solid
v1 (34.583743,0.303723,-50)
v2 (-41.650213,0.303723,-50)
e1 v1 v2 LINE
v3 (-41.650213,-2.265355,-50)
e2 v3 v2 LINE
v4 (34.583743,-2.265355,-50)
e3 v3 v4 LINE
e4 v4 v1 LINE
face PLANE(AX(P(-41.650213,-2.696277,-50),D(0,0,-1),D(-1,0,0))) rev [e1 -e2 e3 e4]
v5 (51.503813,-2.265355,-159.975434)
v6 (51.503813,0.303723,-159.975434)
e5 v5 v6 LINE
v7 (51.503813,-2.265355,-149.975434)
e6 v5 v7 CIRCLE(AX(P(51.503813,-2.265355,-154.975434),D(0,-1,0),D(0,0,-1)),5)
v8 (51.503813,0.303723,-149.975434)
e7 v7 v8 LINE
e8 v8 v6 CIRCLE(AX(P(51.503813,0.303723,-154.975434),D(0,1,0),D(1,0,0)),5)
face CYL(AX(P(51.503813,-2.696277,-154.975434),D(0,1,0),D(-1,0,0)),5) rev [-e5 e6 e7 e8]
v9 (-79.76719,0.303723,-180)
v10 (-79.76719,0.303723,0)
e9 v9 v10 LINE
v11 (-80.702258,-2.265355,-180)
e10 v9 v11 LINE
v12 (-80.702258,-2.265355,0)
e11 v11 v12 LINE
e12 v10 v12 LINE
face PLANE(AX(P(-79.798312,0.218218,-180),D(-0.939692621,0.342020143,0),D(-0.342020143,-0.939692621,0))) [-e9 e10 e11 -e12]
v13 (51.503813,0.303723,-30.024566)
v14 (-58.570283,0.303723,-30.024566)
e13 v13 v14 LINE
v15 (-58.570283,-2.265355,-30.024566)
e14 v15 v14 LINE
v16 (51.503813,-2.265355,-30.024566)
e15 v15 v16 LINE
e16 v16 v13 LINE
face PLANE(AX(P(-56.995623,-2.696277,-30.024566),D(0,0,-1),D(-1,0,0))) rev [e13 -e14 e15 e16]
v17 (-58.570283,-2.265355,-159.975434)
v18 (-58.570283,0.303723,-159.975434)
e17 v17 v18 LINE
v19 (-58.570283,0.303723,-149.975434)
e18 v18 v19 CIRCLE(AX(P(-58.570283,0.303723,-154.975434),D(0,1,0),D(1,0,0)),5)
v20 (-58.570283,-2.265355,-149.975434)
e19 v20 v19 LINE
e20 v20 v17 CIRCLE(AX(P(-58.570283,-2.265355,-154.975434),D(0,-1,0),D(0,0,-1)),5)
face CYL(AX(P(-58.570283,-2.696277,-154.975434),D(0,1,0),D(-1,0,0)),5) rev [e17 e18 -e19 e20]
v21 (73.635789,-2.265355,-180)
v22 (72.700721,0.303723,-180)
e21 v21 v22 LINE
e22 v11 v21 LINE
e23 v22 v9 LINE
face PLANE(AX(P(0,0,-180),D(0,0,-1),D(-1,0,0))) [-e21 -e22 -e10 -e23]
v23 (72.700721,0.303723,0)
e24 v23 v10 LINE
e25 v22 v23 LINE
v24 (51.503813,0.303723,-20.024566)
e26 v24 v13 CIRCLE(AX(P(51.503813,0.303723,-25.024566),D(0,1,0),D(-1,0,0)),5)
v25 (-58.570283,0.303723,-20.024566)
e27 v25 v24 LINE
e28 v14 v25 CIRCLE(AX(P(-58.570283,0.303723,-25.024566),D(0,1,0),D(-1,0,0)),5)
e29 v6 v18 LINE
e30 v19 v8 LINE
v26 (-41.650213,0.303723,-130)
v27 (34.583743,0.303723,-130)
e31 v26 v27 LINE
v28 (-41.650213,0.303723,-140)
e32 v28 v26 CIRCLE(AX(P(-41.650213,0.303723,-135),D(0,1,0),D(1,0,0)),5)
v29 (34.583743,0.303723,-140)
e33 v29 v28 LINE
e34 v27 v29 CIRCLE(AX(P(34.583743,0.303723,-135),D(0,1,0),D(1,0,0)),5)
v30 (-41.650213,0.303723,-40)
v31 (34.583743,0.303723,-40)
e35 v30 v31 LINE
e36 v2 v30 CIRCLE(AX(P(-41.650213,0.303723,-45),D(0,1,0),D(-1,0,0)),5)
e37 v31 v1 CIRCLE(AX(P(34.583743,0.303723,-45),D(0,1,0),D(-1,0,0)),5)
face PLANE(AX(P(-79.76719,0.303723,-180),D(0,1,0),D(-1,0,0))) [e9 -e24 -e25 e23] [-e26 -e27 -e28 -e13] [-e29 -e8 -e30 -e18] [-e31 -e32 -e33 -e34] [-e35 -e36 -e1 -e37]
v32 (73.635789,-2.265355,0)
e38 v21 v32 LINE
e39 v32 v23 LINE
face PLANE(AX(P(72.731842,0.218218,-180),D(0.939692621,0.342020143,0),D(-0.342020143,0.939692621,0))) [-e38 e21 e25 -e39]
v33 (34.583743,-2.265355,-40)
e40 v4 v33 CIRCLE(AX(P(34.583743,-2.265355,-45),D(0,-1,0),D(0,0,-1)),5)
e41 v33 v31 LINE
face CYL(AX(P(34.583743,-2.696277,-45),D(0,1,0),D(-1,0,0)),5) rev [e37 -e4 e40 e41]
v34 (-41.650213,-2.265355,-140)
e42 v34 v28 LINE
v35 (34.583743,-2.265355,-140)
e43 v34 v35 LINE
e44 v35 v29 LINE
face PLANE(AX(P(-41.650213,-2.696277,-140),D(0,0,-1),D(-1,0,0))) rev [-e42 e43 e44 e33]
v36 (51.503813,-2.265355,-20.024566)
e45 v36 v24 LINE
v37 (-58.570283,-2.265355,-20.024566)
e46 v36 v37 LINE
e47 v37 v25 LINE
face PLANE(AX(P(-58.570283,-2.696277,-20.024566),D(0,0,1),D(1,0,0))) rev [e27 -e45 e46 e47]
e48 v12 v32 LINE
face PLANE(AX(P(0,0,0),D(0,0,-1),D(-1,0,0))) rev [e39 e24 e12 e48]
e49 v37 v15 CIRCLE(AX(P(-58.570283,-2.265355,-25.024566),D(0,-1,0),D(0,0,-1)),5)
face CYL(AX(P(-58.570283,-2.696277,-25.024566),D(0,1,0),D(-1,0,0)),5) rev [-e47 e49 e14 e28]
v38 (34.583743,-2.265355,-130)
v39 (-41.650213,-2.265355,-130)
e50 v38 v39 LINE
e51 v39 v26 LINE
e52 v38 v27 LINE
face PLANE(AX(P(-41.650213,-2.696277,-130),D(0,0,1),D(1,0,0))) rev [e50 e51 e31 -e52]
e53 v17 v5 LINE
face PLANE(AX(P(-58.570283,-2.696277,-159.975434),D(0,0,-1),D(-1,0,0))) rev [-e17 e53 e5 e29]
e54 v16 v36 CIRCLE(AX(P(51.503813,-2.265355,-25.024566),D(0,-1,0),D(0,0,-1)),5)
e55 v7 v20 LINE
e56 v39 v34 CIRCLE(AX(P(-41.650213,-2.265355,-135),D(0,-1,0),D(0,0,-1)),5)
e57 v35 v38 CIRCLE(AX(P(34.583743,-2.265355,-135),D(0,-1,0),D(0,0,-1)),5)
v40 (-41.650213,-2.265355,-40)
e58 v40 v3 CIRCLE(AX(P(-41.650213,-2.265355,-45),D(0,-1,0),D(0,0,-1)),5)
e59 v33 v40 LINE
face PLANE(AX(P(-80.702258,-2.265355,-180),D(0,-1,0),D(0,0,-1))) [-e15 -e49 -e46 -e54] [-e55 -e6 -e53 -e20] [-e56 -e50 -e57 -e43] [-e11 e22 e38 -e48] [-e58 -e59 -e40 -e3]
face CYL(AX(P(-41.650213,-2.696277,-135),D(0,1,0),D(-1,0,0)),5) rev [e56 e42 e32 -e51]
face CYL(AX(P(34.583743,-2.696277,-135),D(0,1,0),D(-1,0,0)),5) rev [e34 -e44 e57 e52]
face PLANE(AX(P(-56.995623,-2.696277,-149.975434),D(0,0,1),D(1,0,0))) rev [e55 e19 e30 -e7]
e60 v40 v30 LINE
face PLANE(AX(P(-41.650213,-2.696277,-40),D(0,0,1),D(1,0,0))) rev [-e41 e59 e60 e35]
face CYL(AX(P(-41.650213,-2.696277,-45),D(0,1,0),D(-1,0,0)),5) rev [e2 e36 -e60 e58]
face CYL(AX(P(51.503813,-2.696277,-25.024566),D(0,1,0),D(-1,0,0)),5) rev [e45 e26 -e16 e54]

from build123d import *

# Parameters (mm, degrees)
BOSS_EXTRUDE1_DEPTH = 180
CUT_EXTRUDE1_DEPTH  = 3


with BuildPart() as part:
    # Sketch1 → Boss-Extrude1 (new body)
    with BuildSketch(Plane.XY):
        Polygon((-79.798311646, 0.218218313), (-80.70225823, -2.265354514), (73.635788627, -2.265354514), (72.731842043, 0.218218313), (72.700720755, 0.303723349), (72.541884773, 0.303723349), (-79.767190358, 0.303723349), align=None)
    extrude(amount=-BOSS_EXTRUDE1_DEPTH)

    # Sketch2 → Cut-Extrude1 (cut)
    with BuildSketch(Plane(origin=(0, 0.303723349, 0), x_dir=(1, 0, 0), z_dir=(0, 1, 0))):
        with BuildLine():
            Line((-41.65021258, 50), (34.583742977, 50))
            ThreePointArc((34.583742977, 50), (39.583742977, 45), (34.583742977, 40))
            Line((34.583742977, 40), (-41.65021258, 40))
            ThreePointArc((-41.65021258, 40), (-46.65021258, 45), (-41.65021258, 50))
        make_face()
        with BuildLine():
            Line((-56.99562327, 30.024566053), (51.503813463, 30.024566053))
            ThreePointArc((51.503813463, 30.024566053), (56.503813463, 25.024566053), (51.503813463, 20.024566053))
            Line((51.503813463, 20.024566053), (-58.570283066, 20.024566053))
            ThreePointArc((-58.570283066, 20.024566053), (-63.570283066, 25.024566053), (-58.570283066, 30.024566053))
            Line((-58.570283066, 30.024566053), (-56.99562327, 30.024566053))
        make_face()
        with BuildLine():
            Line((-56.99562327, 149.975433947), (-58.570283066, 149.975433947))
            ThreePointArc((-58.570283066, 149.975433947), (-63.570283066, 154.975433947), (-58.570283066, 159.975433947))
            Line((-58.570283066, 159.975433947), (51.503813463, 159.975433947))
            ThreePointArc((51.503813463, 159.975433947), (56.503813463, 154.975433947), (51.503813463, 149.975433947))
            Line((51.503813463, 149.975433947), (-56.99562327, 149.975433947))
        make_face()
        with BuildLine():
            Line((-41.65021258, 140), (34.583742977, 140))
            ThreePointArc((34.583742977, 140), (39.583742977, 135), (34.583742977, 130))
            Line((34.583742977, 130), (-41.65021258, 130))
            ThreePointArc((-41.65021258, 130), (-46.65021258, 135), (-41.65021258, 140))
        make_face()
    extrude(amount=-CUT_EXTRUDE1_DEPTH, mode=Mode.SUBTRACT)


solid = part.part
